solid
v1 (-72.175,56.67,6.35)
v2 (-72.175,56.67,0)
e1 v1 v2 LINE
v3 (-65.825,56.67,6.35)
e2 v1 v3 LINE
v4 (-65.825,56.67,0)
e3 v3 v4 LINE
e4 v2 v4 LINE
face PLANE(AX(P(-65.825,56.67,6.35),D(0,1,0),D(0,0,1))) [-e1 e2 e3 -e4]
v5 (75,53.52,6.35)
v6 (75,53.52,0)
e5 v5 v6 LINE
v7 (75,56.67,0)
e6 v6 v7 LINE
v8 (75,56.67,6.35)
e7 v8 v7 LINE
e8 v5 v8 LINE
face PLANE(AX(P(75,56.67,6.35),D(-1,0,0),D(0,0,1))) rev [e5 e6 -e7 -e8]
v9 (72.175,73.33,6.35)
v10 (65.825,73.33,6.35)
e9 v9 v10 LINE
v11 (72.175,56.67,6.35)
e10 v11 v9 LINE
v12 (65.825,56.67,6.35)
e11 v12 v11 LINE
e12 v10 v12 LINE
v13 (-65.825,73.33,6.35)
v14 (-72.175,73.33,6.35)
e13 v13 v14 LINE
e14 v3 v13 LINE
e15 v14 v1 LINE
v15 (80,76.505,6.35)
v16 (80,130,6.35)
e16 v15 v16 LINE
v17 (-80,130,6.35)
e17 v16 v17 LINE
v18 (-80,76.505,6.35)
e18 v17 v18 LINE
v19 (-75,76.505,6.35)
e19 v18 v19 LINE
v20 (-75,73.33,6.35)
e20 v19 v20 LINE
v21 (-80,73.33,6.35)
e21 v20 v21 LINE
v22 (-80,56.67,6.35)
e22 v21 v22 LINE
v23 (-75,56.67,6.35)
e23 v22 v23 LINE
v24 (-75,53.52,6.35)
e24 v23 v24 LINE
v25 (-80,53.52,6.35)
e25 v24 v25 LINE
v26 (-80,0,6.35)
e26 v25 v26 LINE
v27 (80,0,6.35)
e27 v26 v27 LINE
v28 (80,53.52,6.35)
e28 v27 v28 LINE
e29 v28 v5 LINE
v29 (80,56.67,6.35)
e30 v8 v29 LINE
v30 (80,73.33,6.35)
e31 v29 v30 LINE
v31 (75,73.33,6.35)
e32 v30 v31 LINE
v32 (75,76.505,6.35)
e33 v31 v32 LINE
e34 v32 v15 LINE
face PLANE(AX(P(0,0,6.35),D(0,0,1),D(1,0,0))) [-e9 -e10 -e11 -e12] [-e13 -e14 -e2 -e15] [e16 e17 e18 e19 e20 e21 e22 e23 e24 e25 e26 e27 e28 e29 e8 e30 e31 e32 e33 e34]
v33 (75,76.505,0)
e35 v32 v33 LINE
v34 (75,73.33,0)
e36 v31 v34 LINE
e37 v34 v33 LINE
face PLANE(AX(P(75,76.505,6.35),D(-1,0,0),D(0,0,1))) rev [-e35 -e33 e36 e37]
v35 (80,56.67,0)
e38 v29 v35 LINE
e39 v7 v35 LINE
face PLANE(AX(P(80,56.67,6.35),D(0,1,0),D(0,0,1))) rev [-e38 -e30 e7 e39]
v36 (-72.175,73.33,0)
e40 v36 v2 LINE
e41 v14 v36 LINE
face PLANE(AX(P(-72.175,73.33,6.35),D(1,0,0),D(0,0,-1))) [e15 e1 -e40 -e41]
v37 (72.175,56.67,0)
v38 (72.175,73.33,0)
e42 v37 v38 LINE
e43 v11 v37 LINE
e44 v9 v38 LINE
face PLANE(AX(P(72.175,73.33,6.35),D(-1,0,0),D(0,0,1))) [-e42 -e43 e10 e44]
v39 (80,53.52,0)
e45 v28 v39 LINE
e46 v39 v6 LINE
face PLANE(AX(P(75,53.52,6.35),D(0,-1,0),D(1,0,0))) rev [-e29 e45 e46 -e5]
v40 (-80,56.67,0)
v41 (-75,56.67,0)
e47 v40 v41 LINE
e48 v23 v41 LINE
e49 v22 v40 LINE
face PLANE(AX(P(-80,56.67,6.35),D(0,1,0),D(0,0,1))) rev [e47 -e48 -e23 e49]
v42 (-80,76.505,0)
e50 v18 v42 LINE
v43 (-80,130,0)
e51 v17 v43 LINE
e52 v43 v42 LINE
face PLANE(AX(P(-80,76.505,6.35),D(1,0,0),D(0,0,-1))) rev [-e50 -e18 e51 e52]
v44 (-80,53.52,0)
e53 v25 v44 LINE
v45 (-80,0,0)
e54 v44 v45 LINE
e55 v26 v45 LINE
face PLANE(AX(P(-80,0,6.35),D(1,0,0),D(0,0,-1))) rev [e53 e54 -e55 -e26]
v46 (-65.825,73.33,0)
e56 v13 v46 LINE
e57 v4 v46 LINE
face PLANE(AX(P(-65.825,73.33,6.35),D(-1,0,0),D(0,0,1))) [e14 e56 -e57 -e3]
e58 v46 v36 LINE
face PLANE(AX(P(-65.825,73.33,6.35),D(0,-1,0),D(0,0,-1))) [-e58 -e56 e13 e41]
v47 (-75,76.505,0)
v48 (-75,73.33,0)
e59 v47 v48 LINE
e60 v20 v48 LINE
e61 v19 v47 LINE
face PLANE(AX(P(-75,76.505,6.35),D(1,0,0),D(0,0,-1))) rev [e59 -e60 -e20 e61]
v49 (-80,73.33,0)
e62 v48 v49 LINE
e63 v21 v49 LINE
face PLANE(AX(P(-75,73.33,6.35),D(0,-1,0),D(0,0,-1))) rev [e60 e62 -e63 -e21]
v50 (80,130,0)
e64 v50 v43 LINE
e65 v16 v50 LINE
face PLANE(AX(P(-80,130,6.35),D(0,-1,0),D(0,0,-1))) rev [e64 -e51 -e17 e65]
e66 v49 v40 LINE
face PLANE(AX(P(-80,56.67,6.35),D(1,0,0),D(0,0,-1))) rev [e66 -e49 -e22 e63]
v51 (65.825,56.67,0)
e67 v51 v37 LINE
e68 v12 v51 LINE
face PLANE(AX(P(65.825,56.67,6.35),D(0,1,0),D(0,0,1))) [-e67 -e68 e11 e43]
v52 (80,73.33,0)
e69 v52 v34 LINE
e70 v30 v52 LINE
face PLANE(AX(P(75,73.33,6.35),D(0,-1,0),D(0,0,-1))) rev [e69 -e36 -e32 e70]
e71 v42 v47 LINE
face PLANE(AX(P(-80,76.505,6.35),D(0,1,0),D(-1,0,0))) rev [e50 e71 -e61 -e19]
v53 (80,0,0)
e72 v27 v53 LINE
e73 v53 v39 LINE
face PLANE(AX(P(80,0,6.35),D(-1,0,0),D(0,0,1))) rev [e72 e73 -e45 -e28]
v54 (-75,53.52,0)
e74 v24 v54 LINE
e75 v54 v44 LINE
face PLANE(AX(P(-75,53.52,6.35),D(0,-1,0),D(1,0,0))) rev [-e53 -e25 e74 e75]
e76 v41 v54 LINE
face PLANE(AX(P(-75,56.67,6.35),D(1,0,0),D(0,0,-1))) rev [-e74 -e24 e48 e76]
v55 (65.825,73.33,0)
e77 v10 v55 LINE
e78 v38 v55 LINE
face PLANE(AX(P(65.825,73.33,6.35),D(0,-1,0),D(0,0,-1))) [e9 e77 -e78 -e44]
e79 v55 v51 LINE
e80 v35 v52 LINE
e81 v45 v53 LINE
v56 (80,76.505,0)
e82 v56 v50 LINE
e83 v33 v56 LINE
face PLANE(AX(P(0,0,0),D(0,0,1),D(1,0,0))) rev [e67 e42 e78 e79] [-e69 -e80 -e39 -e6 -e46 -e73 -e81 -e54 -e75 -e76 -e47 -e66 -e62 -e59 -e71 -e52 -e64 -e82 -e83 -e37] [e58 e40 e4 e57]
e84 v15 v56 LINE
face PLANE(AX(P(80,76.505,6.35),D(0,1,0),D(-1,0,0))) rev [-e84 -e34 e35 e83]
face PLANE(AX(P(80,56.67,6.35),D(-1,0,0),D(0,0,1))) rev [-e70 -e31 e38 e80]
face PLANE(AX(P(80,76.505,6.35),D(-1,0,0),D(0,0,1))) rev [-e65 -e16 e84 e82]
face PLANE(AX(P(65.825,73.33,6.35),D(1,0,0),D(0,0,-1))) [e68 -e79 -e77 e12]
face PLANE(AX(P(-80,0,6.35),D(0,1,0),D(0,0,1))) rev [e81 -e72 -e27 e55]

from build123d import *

# Parameters (mm, degrees)
SKETCH1_W           = 6.35
SKETCH1_H           = 16.66
BOSS_EXTRUDE1_DEPTH = 6.35


with BuildPart() as part:
    # Sketch1 → Boss-Extrude1 (new body)
    with BuildSketch(Plane.XY):
        Polygon((-80, 0), (80, 0), (80, 53.52), (75, 53.52), (75, 56.67), (80, 56.67), (80, 73.33), (75, 73.33), (75, 76.505), (80, 76.505), (80, 130), (-80, 130), (-80, 76.505), (-75, 76.505), (-75, 73.33), (-80, 73.33), (-80, 56.67), (-75, 56.67), (-75, 53.52), (-80, 53.52), align=None)
        with Locations((69, 65)):
            Rectangle(SKETCH1_W, SKETCH1_H, mode=Mode.SUBTRACT)
        with Locations((-69, 65)):
            Rectangle(SKETCH1_W, SKETCH1_H, mode=Mode.SUBTRACT)
    extrude(amount=BOSS_EXTRUDE1_DEPTH)


solid = part.part
